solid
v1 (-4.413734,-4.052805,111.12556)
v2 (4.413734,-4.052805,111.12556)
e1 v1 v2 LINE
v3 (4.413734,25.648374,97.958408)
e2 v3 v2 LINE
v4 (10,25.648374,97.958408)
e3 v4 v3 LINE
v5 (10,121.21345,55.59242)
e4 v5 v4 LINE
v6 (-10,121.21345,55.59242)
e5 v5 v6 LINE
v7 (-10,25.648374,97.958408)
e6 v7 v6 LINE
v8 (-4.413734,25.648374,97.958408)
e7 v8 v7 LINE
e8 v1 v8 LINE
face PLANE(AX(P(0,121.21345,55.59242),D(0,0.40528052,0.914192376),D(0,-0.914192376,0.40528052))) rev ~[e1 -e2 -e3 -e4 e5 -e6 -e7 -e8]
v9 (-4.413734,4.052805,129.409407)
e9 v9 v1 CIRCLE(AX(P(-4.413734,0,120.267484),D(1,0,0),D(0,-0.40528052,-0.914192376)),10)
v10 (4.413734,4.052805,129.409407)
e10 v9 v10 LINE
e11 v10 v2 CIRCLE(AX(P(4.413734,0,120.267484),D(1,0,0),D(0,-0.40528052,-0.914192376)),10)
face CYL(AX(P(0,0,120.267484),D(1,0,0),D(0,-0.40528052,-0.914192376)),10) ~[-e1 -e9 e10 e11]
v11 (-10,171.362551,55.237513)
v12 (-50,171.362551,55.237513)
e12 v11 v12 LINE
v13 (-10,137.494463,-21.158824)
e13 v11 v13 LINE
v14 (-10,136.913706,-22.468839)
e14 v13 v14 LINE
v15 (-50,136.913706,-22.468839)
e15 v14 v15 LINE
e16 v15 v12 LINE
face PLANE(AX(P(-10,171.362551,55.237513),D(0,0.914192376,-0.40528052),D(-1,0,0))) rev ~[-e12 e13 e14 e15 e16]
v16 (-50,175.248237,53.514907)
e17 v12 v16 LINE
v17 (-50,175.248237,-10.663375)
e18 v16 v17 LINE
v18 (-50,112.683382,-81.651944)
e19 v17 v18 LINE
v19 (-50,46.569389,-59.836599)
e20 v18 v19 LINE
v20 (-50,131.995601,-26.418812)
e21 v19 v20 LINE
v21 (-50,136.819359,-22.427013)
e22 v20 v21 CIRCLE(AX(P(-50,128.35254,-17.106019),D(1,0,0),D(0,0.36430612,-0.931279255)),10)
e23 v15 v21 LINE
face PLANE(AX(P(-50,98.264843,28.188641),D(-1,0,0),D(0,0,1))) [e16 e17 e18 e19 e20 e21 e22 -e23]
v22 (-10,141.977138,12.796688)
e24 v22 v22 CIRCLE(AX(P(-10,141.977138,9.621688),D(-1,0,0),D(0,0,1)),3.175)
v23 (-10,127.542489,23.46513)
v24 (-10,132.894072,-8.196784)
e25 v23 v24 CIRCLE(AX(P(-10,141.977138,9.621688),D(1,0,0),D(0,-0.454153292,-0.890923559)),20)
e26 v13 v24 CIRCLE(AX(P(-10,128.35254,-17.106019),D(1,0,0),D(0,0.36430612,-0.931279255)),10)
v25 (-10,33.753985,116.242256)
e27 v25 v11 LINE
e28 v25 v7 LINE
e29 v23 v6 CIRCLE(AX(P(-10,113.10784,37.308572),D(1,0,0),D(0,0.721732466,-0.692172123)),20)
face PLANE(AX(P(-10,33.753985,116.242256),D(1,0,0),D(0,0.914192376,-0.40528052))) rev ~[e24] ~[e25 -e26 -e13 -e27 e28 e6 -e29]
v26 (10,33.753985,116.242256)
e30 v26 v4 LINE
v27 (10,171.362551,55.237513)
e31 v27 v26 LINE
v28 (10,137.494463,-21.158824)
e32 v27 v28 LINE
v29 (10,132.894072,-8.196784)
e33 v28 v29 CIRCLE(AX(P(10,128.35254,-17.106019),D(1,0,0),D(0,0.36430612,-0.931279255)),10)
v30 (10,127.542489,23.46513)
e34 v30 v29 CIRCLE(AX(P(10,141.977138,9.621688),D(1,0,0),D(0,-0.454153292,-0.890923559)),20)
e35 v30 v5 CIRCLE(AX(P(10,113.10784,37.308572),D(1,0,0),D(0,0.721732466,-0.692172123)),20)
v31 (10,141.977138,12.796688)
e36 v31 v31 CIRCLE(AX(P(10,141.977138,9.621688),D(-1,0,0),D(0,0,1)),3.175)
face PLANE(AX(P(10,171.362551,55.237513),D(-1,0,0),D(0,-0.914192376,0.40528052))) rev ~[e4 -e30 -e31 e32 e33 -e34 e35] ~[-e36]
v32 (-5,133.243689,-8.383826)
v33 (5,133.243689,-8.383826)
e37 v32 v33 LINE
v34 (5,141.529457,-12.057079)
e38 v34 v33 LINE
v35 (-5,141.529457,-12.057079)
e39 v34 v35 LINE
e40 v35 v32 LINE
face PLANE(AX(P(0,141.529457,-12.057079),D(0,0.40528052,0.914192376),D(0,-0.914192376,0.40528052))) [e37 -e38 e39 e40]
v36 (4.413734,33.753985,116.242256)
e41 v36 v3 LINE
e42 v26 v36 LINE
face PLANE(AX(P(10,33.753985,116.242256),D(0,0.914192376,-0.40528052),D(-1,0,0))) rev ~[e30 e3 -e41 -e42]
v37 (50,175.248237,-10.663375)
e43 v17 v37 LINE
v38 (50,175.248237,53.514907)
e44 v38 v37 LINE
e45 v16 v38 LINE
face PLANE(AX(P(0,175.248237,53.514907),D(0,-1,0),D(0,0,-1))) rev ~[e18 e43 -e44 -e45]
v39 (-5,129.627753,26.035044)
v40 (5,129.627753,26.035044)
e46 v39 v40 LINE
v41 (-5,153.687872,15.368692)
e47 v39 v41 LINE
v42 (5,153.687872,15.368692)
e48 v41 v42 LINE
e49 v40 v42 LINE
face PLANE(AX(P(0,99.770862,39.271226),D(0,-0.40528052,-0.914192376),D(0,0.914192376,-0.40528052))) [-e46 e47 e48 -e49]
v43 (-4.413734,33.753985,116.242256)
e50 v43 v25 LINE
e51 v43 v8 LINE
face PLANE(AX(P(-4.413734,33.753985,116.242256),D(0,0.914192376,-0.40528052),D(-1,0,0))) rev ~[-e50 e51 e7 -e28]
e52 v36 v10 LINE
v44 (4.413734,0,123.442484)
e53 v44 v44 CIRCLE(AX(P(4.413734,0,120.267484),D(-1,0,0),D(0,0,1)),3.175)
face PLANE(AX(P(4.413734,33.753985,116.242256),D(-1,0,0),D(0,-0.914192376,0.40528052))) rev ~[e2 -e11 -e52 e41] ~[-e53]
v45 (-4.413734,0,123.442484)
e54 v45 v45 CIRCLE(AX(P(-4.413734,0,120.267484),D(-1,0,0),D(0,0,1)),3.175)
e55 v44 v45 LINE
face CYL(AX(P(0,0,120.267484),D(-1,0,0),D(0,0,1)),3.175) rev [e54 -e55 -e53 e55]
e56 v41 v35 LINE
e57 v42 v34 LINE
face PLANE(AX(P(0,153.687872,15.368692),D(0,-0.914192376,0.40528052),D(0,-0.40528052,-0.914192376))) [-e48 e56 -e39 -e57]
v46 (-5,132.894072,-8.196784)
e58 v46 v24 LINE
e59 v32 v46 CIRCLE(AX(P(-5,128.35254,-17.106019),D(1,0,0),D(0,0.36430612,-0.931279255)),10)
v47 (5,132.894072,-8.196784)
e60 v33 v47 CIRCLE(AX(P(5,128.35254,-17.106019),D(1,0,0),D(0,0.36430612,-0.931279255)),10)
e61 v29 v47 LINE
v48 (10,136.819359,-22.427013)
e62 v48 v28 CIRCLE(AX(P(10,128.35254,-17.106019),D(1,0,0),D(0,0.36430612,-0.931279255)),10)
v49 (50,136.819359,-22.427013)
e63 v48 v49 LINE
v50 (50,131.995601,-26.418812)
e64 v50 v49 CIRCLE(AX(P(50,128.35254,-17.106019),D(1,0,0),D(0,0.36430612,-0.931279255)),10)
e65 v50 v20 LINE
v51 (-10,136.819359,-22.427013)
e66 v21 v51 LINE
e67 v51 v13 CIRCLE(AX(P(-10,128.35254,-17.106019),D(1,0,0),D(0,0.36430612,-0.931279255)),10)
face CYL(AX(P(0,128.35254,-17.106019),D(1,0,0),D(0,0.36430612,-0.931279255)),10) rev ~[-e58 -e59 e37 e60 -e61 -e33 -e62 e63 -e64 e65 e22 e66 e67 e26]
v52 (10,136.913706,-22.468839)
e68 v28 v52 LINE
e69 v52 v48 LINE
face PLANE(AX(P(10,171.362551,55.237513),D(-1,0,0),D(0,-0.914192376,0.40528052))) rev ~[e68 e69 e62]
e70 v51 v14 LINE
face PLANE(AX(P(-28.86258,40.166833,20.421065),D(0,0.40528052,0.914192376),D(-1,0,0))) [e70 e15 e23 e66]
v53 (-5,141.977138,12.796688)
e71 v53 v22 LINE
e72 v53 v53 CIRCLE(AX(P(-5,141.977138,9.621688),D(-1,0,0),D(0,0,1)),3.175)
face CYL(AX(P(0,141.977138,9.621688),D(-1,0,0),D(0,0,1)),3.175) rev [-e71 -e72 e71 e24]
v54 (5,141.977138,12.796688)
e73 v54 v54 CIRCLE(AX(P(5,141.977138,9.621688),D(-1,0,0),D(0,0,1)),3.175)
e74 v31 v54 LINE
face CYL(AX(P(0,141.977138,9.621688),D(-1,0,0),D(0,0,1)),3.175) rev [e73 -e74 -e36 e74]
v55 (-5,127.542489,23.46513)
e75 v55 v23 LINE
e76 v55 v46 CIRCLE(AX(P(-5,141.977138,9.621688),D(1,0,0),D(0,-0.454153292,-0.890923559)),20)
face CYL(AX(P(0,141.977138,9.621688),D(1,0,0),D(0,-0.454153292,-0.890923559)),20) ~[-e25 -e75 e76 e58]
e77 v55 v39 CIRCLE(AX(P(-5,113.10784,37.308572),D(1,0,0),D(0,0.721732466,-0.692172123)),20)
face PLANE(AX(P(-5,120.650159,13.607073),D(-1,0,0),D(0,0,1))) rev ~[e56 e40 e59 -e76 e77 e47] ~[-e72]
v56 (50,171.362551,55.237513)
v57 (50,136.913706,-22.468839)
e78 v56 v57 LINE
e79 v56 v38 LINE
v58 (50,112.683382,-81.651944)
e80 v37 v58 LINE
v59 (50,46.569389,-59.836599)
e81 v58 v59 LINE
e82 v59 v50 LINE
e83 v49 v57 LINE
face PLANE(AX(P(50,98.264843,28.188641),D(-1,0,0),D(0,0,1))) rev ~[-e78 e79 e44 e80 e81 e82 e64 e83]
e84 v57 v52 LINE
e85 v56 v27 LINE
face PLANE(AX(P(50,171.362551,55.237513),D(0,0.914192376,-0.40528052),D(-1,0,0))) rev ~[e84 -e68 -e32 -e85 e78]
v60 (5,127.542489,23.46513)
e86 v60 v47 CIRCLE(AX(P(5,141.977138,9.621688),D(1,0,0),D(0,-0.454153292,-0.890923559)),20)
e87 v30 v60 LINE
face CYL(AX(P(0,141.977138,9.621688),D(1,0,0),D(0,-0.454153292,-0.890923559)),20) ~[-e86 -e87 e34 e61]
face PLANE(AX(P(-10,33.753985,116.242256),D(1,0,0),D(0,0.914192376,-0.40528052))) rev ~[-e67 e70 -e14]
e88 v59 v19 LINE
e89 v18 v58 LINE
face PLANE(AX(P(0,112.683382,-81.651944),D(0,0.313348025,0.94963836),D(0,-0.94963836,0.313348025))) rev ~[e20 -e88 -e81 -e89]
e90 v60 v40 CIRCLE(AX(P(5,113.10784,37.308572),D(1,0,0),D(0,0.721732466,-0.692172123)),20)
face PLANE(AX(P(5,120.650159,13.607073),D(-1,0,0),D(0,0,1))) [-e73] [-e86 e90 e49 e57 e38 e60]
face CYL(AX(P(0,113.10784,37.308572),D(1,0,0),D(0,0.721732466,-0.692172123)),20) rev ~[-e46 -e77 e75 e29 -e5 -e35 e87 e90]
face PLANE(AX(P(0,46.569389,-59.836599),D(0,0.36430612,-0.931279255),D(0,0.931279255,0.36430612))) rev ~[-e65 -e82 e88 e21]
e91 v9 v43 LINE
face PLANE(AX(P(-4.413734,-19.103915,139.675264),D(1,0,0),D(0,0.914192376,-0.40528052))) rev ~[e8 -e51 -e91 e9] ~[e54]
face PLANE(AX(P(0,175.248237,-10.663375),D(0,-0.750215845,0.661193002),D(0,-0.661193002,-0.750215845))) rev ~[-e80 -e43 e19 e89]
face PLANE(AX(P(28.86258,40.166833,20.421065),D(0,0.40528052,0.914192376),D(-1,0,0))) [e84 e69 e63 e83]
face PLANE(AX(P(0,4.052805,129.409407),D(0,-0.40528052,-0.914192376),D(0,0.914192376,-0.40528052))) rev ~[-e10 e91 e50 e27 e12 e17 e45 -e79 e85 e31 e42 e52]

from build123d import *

# Parameters (mm, degrees)
SKETCH1_R           = 3.175
BOSS_EXTRUDE1_DEPTH = 50
CUT_EXTRUDE2_DEPTH  = 85
CUT_EXTRUDE3_DEPTH  = 5


with BuildPart() as part:
    # Sketch1 → Boss-Extrude1 (new, symmetric)
    with BuildSketch(Plane(origin=(0, 0, 0), x_dir=(0, 0, -1), z_dir=(1, 0, 0))):
        with BuildLine():
            Line((81.651944222, 112.683382271), (59.836598551, 46.569389334))
            Line((59.836598551, 46.569389334), (26.418811763, 131.99560075))
            ThreePointArc((26.418811763, 131.99560075), (17.598489936, 138.340405822), (8.196783623, 132.894072472))
            ThreePointArc((8.196783623, 132.894072472), (-6.288509671, 122.256846087), (-23.465130006, 127.542488985))
            ThreePointArc((-23.465130006, 127.542488985), (-41.174252563, 132.730696676), (-55.592419973, 121.213450072))
            Line((-55.592419973, 121.213450072), (-111.125559912, -4.052805204))
            ThreePointArc((-111.125559912, -4.052805204), (-124.320288873, -9.141923757), (-129.409407426, 4.052805204))
            Line((-129.409407426, 4.052805204), (-53.514907077, 175.248236709))
            Line((-53.514907077, 175.248236709), (10.663375069, 175.248236709))
            Line((10.663375069, 175.248236709), (81.651944222, 112.683382271))
        make_face()
        with Locations(Location((-120.267483669, 0, 0), (0, 0, 180))):
            Circle(SKETCH1_R, mode=Mode.SUBTRACT)
        with Locations(Location((-9.621687552, 141.977138307, 0), (0, 0, 180))):
            Circle(SKETCH1_R, mode=Mode.SUBTRACT)
    extrude(amount=BOSS_EXTRUDE1_DEPTH, both=True)

    # Sketch3 → Cut-Extrude2 (cut)
    with BuildSketch(Plane(origin=(0, -60.961450511, 158.231581065), x_dir=(1, 0, 0), z_dir=(0, -0.40528052042874013, -0.9141923756852326))):
        Polygon((50, -254.130320218), (10, -254.130320218), (10, -103.605584332), (4.413734497, -103.605584332), (4.413734497, -45.786353236), (50, -45.786353236), align=None)
        Polygon((-50, -254.130320218), (-50, -45.786353236), (-4.413734497, -45.786353236), (-4.413734497, -103.605584332), (-10, -103.605584332), (-10, -254.130320218), align=None)
    extrude(amount=CUT_EXTRUDE2_DEPTH, mode=Mode.SUBTRACT)

    # Sketch4 → Cut-Extrude3 (cut, symmetric)
    with BuildSketch(Plane(origin=(0, 0, 0), x_dir=(0, 0, -1), z_dir=(1, 0, 0))):
        Polygon((-15.368692055, 153.687872136), (12.057079216, 141.529456524), (-11.845454529, 87.612445941), (-39.271225799, 99.770861554), align=None)
    extrude(amount=CUT_EXTRUDE3_DEPTH, both=True, mode=Mode.SUBTRACT)


solid = part.part
